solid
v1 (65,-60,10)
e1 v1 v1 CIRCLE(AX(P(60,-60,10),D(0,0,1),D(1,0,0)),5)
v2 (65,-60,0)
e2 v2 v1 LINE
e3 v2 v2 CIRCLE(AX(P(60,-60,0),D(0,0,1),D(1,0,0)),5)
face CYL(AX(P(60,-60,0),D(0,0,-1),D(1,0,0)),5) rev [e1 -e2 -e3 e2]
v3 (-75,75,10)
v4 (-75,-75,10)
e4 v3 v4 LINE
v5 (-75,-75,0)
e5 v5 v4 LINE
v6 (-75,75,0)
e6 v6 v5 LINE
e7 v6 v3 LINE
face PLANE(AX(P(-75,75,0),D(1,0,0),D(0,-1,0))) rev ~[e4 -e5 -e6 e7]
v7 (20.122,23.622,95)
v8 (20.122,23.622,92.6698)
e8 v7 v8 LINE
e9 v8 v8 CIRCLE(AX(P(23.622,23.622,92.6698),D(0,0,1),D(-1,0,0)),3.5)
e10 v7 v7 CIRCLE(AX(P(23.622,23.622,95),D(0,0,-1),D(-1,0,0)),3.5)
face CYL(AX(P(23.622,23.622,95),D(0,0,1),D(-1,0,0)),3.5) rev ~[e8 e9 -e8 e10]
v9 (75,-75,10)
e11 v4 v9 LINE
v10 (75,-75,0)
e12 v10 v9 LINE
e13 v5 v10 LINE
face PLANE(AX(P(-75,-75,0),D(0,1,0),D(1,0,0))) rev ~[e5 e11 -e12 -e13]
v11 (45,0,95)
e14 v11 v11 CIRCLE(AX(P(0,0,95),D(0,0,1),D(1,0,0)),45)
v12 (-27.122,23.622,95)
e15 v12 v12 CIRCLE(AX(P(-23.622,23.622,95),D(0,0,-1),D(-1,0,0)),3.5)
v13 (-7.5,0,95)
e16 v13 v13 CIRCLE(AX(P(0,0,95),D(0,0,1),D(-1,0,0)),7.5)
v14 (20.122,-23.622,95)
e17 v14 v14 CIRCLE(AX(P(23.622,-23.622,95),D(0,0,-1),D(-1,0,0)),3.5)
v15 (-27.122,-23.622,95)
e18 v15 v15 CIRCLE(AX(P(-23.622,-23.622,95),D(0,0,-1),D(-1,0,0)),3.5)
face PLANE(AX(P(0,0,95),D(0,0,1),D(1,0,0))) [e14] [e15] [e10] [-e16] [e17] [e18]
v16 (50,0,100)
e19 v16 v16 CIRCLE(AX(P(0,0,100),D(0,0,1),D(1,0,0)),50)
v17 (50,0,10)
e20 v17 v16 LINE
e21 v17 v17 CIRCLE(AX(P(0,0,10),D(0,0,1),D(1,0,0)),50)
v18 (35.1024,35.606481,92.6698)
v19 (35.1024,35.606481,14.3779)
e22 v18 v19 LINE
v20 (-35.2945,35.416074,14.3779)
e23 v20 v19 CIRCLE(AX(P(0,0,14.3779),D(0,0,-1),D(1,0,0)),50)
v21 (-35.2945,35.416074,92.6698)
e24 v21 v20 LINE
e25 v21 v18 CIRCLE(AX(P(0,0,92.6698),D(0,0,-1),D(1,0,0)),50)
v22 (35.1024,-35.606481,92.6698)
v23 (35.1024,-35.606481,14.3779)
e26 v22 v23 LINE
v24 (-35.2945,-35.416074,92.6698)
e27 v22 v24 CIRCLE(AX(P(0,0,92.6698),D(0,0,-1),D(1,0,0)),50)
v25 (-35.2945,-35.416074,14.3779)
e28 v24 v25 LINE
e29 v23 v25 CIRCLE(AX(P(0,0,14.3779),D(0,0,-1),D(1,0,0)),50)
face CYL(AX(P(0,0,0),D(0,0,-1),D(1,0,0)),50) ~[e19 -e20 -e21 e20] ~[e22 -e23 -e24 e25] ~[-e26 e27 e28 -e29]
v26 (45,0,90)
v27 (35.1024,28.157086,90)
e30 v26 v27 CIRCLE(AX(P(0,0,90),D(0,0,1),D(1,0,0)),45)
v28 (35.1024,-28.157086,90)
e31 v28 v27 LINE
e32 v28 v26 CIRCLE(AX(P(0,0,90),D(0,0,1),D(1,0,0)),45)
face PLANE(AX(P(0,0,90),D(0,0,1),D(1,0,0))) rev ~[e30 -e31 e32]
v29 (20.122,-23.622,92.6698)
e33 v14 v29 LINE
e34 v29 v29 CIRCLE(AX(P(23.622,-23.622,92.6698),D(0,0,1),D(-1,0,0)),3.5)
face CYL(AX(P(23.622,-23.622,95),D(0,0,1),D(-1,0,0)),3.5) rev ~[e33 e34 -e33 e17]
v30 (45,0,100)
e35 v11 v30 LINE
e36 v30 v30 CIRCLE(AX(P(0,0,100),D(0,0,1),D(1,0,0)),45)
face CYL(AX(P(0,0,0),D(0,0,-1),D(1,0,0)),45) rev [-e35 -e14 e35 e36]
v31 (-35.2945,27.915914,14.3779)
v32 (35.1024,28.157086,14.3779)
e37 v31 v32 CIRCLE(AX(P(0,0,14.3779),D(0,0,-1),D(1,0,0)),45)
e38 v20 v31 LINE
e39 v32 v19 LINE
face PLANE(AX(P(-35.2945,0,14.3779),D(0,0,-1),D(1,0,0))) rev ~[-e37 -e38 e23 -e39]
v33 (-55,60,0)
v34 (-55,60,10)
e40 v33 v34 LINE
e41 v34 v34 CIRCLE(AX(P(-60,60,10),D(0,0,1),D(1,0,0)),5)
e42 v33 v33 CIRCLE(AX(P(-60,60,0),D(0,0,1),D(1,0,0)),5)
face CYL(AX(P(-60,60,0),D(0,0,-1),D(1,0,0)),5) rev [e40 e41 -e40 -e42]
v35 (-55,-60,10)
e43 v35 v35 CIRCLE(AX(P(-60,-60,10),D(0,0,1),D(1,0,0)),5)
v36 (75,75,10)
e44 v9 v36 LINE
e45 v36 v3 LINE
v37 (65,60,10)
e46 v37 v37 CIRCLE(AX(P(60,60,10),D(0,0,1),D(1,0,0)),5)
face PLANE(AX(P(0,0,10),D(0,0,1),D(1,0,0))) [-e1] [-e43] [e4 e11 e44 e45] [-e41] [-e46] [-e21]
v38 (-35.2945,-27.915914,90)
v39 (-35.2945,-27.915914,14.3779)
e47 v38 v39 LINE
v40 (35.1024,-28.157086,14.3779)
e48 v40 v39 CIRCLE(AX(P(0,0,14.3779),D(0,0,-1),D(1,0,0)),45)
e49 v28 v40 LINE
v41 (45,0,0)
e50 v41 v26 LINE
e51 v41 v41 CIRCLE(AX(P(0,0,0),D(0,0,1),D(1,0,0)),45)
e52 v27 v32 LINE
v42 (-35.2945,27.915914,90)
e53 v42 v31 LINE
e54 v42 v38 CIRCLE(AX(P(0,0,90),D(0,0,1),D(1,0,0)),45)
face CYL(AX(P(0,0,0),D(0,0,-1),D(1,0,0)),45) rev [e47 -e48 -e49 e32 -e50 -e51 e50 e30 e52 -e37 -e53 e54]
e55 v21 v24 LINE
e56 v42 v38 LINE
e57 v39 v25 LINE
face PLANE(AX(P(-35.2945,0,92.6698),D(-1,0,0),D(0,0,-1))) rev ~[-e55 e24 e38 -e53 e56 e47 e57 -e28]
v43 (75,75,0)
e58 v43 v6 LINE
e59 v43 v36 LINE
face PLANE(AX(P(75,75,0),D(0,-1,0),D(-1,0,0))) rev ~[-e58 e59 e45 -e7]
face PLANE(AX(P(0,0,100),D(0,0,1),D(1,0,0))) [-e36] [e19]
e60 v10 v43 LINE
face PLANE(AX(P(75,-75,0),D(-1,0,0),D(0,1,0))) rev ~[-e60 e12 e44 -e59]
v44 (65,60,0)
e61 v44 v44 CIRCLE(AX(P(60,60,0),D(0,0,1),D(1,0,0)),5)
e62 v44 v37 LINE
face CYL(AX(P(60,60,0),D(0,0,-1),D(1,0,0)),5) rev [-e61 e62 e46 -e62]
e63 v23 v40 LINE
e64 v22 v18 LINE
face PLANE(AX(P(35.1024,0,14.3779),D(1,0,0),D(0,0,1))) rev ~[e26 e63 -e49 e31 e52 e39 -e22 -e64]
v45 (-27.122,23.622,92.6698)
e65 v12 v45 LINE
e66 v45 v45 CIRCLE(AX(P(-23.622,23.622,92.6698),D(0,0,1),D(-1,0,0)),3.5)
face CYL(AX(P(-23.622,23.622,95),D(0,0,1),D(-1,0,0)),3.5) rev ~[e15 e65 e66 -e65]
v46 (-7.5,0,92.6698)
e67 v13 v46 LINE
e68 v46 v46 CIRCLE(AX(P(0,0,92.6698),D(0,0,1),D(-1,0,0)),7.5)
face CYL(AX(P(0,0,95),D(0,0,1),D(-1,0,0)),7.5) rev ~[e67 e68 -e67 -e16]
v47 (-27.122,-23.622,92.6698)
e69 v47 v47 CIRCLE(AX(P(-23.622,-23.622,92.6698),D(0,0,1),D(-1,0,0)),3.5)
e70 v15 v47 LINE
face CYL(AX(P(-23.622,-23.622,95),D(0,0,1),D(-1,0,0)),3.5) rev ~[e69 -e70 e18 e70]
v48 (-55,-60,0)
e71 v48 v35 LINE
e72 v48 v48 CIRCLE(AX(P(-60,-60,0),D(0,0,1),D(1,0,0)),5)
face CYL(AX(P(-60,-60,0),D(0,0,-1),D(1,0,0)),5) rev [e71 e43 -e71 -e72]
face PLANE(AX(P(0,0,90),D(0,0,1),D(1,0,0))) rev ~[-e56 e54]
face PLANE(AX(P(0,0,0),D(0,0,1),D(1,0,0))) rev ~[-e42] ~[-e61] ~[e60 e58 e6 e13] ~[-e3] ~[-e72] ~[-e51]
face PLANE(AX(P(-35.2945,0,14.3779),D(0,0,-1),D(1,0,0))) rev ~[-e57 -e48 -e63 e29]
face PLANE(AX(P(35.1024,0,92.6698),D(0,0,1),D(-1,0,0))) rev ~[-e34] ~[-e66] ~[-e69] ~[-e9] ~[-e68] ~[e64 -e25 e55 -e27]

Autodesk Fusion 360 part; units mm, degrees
sketch "Sketch1" plane through (0, 0, 0) normal (0, 0, 1) x (1, 0, 0)
  line L0 (75, 75) -> (-75, 75)
  line L1 (-75, 75) -> (-75, -75)
  line L2 (-75, -75) -> (75, -75)
  line L3 (75, -75) -> (75, 75)
  line L4 (75, 75) -> (-75, -75) construction
  line L5 (-75, 75) -> (75, -75) construction
  circle A0 centre (-60, 60) radius 5
  circle A1 centre (60, 60) radius 5
  circle A2 centre (-60, -60) radius 5
  circle A3 centre (60, -60) radius 5
  circle A4 centre (0, 0) radius 50
  circle A5 centre (0, 0) radius 45
  dimension "d1" = 150
  dimension "d2" = 150
  dimension "d3" = 10
  dimension "d4" = 10
  dimension "d5" = 10
  dimension "d6" = 10
  dimension "d7" = 100
  dimension "d8" = 90
extrude "Extrude1" add sketch "Sketch1" along normal blind 10 contours L0 L1 L2 L3
extrude "Extrude2" add sketch "Sketch1" along normal blind 100 contours A4
extrude "Extrude3" add sketch "Sketch1" along normal blind 95 contours A5
extrude "Extrude4" cut sketch "Sketch1" along normal blind 90 contours A5
sketch "Sketch2" plane through (0, 0, 95) normal (0, 0, 1) x (-1, 0, 0)
  circle A0 centre (0, 0) radius 45
  circle A1 centre (0, 0) radius 7.5
  dimension "d17" = 15
extrude "Extrude5" cut sketch "Sketch2" against normal blind 10 contours A1
sketch "Sketch3" plane through (0, 0, 0) normal (0, 1, 0) x (1, 0, 0)
  line L0 (35.1024, -92.6698) -> (-35.2945, -92.6698)
  line L1 (-35.2945, -92.6698) -> (-35.2945, -14.3779)
  line L2 (-35.2945, -14.3779) -> (35.1024, -14.3779)
  line L3 (35.1024, -14.3779) -> (35.1024, -92.6698)
  line L4 (35.1024, -92.6698) -> (-35.2945, -14.3779) construction
  line L5 (-35.2945, -92.6698) -> (35.1024, -14.3779) construction
  point P0 (-0.096, -53.5238)
extrude "Extrude6" cut sketch "Sketch3" along normal mid plane 120
sketch "Sketch4" plane through (0, 0, 95) normal (0, 0, 1) x (-1, 0, 0)
  line L0 (23.622, 23.622) -> (-23.622, 23.622)
  line L1 (-23.622, 23.622) -> (-23.622, -23.622)
  line L2 (-23.622, -23.622) -> (23.622, -23.622)
  line L3 (23.622, -23.622) -> (23.622, 23.622)
  line L4 (23.622, 23.622) -> (-23.622, -23.622) construction
  line L5 (-23.622, 23.622) -> (23.622, -23.622) construction
  circle A0 centre (23.622, 23.622) radius 3.5
  circle A1 centre (-23.622, 23.622) radius 3.5
  circle A2 centre (23.622, -23.622) radius 3.5
  circle A3 centre (-23.622, -23.622) radius 3.5
  dimension "d22" = 47.244
  dimension "d23" = 47.244
  dimension "d24" = 7
  dimension "d25" = 7
  dimension "d26" = 7
  dimension "d27" = 7
extrude "Extrude7" cut sketch "Sketch4" against normal blind 10 contours L0 L1 A1 | L0 L1 A1 | L0 L3 A0 | L0 L3 A0 | L1 L2 A3 | L1 L2 A3 | L2 L3 A2 | L2 L3 A2
